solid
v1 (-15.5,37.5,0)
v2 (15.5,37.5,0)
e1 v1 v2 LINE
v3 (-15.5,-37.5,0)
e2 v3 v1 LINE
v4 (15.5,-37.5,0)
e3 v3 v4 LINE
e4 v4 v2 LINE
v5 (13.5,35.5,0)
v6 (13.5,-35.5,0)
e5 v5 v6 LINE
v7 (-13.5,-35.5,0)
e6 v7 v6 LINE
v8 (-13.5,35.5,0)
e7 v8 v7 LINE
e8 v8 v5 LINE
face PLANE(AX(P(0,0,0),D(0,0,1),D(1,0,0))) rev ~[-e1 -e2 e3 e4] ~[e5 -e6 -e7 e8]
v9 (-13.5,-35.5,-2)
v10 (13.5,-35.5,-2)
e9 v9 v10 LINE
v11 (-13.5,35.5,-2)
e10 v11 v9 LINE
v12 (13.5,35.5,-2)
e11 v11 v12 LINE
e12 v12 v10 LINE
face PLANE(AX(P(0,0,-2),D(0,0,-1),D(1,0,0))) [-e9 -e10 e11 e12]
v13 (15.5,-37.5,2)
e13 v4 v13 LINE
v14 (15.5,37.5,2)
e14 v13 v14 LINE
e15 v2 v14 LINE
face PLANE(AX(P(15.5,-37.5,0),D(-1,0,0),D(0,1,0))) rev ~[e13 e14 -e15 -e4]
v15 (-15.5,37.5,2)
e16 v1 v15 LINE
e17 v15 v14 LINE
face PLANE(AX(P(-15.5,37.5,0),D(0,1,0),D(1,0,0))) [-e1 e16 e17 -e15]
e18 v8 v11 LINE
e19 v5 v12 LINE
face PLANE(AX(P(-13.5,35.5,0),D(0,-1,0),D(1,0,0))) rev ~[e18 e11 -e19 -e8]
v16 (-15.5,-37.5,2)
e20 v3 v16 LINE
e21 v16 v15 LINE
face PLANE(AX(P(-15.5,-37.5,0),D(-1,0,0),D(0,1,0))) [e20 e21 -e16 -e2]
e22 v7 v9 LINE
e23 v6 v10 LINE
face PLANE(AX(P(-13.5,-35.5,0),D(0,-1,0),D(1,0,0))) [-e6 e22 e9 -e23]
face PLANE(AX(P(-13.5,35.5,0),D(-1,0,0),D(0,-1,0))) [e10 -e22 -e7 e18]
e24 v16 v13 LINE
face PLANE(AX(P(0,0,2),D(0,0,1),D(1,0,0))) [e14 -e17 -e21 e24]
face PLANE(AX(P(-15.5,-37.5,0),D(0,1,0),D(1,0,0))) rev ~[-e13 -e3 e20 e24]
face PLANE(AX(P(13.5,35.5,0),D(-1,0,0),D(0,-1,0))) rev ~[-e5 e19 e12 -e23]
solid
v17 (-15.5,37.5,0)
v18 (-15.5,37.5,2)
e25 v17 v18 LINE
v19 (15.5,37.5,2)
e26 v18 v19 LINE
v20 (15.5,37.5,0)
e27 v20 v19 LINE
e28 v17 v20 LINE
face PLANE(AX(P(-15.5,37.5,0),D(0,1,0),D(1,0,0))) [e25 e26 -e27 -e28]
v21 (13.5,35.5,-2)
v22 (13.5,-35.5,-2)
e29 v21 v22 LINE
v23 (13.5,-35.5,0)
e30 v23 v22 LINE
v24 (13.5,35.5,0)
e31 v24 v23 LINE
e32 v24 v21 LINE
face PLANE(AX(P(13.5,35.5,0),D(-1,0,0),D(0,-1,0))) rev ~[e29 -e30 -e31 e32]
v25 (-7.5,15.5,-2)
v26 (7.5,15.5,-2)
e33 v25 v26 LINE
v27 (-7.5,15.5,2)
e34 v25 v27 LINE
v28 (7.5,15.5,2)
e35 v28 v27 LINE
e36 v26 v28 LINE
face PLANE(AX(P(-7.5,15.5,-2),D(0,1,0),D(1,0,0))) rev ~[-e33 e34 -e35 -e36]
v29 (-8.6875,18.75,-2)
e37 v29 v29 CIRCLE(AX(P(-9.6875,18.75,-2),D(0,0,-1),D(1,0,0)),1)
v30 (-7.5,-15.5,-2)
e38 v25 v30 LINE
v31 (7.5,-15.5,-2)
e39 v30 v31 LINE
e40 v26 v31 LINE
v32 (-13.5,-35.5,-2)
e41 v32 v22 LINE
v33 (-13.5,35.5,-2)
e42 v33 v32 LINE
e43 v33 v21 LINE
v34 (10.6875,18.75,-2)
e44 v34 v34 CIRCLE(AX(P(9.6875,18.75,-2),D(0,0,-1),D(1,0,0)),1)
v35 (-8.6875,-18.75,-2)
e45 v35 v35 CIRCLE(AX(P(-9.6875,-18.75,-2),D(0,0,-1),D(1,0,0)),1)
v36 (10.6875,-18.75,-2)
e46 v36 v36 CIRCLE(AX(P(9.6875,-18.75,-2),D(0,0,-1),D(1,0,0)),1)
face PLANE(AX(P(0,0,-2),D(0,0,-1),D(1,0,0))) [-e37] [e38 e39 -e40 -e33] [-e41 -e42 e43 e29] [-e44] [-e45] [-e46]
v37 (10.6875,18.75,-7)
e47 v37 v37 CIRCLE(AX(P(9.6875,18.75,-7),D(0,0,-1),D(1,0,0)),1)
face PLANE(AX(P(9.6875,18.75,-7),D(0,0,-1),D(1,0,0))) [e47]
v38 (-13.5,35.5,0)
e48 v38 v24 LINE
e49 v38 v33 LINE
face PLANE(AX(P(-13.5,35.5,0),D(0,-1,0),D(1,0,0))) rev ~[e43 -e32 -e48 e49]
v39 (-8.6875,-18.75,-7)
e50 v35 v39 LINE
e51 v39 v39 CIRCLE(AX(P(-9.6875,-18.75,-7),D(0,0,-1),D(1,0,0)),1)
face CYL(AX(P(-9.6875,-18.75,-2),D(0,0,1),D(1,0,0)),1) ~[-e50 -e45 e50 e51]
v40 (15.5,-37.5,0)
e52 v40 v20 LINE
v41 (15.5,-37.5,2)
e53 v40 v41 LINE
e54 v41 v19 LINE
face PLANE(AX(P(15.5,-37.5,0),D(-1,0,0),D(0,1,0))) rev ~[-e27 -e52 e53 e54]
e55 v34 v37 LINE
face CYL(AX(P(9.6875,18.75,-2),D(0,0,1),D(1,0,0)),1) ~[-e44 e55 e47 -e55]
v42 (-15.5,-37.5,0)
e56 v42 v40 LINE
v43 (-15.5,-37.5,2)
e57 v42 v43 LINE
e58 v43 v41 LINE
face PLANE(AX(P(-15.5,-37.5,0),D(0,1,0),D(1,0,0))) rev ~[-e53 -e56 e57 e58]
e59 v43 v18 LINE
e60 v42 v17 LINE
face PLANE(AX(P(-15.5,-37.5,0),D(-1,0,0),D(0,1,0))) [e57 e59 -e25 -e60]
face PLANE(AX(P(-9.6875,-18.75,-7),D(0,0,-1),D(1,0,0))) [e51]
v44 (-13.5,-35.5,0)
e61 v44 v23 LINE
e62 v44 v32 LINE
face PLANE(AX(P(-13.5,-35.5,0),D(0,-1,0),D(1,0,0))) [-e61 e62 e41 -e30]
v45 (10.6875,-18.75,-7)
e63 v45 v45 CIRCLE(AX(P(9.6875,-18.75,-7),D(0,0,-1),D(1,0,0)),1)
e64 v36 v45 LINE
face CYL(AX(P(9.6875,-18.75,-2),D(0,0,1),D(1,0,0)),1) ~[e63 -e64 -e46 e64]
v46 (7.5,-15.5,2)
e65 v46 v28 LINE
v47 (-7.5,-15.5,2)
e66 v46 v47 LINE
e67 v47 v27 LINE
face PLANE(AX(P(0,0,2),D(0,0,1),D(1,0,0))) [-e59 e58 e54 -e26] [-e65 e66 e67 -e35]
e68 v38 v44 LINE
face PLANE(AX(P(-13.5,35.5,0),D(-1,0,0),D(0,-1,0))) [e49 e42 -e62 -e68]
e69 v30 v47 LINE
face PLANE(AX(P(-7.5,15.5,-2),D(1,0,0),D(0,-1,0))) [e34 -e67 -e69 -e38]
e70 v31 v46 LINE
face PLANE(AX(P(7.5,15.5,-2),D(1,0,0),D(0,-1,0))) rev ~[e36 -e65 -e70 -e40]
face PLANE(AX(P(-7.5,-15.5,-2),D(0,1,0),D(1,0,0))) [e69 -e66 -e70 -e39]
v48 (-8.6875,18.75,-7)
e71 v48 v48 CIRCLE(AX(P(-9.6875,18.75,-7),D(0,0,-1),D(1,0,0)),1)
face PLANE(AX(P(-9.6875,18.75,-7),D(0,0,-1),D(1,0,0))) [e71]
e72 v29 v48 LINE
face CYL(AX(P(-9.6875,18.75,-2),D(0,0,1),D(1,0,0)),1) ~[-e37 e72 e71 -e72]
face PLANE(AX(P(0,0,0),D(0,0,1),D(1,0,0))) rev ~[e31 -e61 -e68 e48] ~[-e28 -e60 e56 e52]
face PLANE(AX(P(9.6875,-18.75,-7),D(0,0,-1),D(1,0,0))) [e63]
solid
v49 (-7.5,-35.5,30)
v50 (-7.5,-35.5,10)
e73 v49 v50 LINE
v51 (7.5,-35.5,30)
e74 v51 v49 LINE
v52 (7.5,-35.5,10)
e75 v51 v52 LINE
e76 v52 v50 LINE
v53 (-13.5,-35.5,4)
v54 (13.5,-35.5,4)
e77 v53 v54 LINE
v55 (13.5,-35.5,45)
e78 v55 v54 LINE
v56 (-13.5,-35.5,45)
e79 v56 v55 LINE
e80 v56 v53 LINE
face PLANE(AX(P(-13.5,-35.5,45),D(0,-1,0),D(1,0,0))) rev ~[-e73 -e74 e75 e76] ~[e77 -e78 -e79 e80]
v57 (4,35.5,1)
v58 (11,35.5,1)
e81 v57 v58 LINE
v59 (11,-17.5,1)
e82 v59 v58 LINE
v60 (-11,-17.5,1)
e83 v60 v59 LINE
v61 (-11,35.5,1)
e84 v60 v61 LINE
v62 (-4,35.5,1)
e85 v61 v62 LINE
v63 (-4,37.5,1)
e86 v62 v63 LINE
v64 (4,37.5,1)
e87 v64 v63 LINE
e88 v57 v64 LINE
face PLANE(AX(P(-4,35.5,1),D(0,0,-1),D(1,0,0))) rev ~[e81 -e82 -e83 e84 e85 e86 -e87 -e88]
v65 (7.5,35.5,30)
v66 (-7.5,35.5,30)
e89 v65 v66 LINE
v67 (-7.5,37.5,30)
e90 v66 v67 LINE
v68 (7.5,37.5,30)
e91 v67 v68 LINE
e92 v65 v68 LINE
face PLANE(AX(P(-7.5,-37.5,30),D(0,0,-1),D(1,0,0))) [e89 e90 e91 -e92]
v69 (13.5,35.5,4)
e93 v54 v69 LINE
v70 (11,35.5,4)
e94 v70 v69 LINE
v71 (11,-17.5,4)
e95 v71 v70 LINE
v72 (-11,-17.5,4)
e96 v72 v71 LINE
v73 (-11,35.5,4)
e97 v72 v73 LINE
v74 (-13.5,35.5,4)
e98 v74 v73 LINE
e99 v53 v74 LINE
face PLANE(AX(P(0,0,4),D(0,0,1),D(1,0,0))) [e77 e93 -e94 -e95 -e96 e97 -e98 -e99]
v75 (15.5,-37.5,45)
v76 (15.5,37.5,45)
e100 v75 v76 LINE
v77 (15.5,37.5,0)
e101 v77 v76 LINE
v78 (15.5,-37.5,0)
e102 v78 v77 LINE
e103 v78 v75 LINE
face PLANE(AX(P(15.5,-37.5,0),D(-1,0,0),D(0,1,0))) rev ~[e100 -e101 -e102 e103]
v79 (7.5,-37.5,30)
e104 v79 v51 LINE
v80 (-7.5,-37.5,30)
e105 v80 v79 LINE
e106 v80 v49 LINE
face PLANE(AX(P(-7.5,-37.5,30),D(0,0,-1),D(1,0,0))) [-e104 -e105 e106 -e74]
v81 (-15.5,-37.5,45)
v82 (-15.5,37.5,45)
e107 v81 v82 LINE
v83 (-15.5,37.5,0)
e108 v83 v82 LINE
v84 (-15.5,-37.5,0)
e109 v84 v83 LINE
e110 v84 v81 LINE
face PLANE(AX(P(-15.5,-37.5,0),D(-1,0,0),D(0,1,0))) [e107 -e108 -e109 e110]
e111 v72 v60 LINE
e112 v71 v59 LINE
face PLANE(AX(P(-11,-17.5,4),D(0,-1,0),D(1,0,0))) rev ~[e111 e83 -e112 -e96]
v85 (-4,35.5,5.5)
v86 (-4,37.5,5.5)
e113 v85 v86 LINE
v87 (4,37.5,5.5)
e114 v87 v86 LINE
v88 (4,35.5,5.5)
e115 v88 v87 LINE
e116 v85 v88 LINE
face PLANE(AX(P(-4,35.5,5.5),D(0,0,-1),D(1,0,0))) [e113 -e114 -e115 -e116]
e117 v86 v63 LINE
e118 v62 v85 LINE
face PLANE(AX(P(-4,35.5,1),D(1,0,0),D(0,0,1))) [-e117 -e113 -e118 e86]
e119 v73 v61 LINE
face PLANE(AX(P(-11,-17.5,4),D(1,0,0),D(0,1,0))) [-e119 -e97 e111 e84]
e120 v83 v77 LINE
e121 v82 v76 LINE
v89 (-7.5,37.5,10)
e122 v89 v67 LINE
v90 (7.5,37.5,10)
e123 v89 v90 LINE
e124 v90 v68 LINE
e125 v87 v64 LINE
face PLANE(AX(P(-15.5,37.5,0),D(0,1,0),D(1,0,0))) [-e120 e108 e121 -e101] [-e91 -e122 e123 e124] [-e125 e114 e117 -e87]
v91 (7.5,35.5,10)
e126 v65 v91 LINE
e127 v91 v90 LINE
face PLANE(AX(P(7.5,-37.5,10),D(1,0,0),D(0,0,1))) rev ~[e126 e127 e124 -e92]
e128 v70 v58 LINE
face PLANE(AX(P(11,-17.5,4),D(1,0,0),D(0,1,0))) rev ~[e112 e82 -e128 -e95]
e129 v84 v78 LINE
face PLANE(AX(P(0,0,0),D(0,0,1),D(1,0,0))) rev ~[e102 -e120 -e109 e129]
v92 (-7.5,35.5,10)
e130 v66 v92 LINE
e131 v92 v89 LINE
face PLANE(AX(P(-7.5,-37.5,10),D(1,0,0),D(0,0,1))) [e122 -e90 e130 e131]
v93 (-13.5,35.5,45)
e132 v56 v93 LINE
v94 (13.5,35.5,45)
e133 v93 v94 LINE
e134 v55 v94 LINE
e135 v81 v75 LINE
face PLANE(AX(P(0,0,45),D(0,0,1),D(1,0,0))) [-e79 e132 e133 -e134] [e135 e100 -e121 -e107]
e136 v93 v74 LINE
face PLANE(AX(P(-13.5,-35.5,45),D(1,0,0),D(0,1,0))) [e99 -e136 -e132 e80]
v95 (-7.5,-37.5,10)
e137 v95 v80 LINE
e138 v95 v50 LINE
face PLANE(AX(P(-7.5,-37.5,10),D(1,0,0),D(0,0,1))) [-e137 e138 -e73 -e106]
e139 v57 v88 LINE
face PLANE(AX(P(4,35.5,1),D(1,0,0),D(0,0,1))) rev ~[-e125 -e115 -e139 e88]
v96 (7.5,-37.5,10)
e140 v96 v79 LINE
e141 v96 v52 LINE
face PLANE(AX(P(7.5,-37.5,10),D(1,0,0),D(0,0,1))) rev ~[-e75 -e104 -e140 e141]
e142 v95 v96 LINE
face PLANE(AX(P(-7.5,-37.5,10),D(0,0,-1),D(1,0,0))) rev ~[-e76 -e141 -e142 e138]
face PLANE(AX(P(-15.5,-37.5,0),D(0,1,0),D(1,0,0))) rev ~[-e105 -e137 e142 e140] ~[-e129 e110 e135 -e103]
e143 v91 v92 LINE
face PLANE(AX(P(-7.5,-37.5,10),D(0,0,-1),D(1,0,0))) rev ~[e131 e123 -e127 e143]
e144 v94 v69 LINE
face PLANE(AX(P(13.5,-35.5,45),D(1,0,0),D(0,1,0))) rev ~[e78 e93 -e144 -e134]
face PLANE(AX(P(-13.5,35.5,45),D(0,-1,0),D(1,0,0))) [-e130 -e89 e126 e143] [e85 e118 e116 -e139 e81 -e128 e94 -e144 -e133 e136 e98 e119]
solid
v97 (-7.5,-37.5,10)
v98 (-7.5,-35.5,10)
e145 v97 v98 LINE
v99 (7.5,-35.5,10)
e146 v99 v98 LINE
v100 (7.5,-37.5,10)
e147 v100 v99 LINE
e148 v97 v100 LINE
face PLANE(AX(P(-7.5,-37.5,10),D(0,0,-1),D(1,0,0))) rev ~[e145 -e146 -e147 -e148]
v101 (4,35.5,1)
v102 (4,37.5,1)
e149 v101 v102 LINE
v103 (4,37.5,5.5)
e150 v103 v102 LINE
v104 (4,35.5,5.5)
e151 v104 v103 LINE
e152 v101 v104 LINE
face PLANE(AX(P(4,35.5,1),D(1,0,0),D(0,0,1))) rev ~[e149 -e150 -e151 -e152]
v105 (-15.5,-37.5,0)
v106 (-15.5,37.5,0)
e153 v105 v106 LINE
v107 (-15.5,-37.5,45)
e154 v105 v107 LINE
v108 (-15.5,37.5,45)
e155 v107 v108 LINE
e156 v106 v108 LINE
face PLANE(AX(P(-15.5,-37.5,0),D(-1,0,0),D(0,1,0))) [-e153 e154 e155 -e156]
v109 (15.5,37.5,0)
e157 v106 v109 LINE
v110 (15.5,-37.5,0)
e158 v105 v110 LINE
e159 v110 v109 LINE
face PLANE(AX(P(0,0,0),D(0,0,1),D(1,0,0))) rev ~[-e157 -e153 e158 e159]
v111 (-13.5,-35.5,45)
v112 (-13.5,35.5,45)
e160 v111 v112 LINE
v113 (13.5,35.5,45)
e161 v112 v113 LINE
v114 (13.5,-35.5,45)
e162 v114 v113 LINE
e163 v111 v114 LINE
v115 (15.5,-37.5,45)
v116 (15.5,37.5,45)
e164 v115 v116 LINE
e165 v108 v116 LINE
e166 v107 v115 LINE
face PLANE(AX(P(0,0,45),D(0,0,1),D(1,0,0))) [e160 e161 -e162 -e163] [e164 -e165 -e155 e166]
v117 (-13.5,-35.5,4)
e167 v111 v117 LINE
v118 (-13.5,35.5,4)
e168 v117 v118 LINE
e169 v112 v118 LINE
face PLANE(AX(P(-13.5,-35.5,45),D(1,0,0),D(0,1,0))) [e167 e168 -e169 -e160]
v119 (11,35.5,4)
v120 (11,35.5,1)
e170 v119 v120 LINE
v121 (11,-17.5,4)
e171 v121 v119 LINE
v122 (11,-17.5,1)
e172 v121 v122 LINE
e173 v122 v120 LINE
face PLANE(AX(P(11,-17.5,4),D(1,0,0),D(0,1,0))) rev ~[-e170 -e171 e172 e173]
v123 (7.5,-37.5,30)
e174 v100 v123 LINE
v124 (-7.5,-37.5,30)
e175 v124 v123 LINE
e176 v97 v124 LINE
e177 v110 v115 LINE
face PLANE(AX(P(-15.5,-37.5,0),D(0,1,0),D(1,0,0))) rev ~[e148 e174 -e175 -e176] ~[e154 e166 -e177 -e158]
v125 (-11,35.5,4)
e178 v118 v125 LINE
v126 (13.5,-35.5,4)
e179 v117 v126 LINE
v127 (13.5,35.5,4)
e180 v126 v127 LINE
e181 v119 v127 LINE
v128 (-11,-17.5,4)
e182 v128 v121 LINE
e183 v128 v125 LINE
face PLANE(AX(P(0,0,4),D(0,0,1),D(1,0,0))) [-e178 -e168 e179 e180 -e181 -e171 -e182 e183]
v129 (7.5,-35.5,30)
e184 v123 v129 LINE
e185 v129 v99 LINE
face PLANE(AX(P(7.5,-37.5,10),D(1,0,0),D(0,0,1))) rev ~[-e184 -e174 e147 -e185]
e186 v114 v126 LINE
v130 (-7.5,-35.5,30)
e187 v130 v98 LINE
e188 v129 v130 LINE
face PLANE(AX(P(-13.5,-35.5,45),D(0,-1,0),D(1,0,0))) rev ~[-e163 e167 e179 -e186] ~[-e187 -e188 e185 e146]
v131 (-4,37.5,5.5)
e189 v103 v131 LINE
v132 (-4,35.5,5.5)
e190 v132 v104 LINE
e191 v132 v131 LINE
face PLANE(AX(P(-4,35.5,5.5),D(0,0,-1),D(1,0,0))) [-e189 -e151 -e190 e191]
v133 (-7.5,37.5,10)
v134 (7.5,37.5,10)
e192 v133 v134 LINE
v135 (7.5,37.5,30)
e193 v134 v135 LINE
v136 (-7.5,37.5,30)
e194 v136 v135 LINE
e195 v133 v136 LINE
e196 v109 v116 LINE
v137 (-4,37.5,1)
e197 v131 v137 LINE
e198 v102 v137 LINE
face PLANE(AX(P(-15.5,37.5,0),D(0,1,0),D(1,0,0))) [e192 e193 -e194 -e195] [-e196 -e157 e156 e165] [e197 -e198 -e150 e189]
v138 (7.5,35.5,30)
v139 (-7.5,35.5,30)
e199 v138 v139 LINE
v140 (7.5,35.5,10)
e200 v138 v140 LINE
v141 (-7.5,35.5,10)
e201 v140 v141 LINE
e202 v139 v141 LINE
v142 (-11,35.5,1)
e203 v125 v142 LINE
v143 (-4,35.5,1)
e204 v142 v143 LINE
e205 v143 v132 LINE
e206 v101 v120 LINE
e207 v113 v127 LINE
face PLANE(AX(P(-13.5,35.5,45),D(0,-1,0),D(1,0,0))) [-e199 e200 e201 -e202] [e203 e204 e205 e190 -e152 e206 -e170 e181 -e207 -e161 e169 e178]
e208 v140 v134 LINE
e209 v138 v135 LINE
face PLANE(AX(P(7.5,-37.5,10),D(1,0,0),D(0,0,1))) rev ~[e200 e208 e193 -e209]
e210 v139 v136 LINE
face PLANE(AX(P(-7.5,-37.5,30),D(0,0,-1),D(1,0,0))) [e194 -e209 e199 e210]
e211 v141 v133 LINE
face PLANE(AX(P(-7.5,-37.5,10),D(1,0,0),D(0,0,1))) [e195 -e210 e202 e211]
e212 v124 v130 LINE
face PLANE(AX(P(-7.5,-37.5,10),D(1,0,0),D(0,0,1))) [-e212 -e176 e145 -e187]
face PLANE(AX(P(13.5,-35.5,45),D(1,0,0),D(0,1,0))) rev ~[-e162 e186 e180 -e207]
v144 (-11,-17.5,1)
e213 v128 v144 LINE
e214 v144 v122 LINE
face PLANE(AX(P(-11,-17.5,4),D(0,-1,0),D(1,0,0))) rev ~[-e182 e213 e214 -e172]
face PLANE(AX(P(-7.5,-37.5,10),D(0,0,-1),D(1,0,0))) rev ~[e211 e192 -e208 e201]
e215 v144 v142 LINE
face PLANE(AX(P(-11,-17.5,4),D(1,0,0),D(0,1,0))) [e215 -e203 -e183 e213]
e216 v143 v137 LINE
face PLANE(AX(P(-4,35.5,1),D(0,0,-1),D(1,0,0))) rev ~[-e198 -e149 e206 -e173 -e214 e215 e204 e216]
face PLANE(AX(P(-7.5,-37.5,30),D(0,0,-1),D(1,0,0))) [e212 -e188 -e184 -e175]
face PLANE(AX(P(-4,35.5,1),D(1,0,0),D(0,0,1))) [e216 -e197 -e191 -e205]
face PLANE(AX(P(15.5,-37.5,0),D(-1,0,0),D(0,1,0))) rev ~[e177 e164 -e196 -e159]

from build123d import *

# Parameters (mm, degrees)
SKETCH_W        = 31
SKETCH_H        = 75
PAD_DEPTH       = 45
SKETCH001_W     = 15
SKETCH001_H     = 20
POCKET_DEPTH    = 75
SKETCH002_W     = 27
SKETCH002_H     = 71
POCKET001_DEPTH = 41
SKETCH003_W     = 22
SKETCH003_H     = 53
POCKET002_DEPTH = 3
SKETCH004_W     = 8
SKETCH004_H     = 4.5
POCKET003_DEPTH = 5
SKETCH005_W     = 31
SKETCH005_H     = 75
PAD001_DEPTH    = 2
SKETCH006_W     = 27
SKETCH006_H     = 71
PAD002_DEPTH    = 2
SKETCH007_W     = 15
SKETCH007_H     = 31
POCKET004_DEPTH = 5
SKETCH008_R     = 1
PAD003_DEPTH    = 5
SKETCH009_W     = 31
SKETCH009_H     = 75
PAD004_DEPTH    = 45
SKETCH010_W     = 15
SKETCH010_H     = 20
POCKET005_DEPTH = 75
SKETCH011_W     = 27
SKETCH011_H     = 71
POCKET006_DEPTH = 41
SKETCH012_W     = 22
SKETCH012_H     = 53
POCKET007_DEPTH = 3
SKETCH013_W     = 8
SKETCH013_H     = 4.5
POCKET008_DEPTH = 5
SKETCH014_W     = 31
SKETCH014_H     = 75
PAD005_DEPTH    = 2
SKETCH015_W     = 27
SKETCH015_H     = 71
PAD006_DEPTH    = 2


with BuildPart() as body:
    # Sketch → Pad (new body)
    with BuildSketch(Plane.XY):
        Rectangle(SKETCH_W, SKETCH_H)
    extrude(amount=PAD_DEPTH)

    # Sketch001 (on Face3 of Pad) → Pocket (cut)
    with BuildSketch(Plane.XZ.offset(37.5)):
        with Locations((0, 20)):
            Rectangle(SKETCH001_W, SKETCH001_H)
    extrude(amount=-POCKET_DEPTH, mode=Mode.SUBTRACT)

    # Sketch002 (on Face4 of Pocket) → Pocket001 (cut)
    with BuildSketch(Plane.XY.offset(45)):
        Rectangle(SKETCH002_W, SKETCH002_H)
    extrude(amount=-POCKET001_DEPTH, mode=Mode.SUBTRACT)

    # Sketch003 (on Face19 of Pocket001) → Pocket002 (cut)
    with BuildSketch(Plane.XY.offset(4)):
        with Locations((0, 9)):
            Rectangle(SKETCH003_W, SKETCH003_H)
    extrude(amount=-POCKET002_DEPTH, mode=Mode.SUBTRACT)

    # Sketch004 (on Face14 of Pocket002) → Pocket003 (cut)
    with BuildSketch(Plane.XZ.offset(-35.5)):
        with Locations((0, 3.25)):
            Rectangle(SKETCH004_W, SKETCH004_H)
    extrude(amount=-POCKET003_DEPTH, mode=Mode.SUBTRACT)


with BuildPart() as display_lid:
    # Sketch005 → Pad001 (new body)
    with BuildSketch(Plane.XY):
        Rectangle(SKETCH005_W, SKETCH005_H)
    extrude(amount=PAD001_DEPTH)

    # Sketch006 (on Face5 of Pad001) → Pad002 (join)
    with BuildSketch(Plane(origin=(0, 0, 0), x_dir=(1, 0, 0), z_dir=(0, 0, -1))):
        Rectangle(SKETCH006_W, SKETCH006_H)
    extrude(amount=PAD002_DEPTH)

    # Sketch007 (on Face11 of Pad002) → Pocket004 (cut)
    with BuildSketch(Plane(origin=(0, 0, -2), x_dir=(1, 0, 0), z_dir=(0, 0, -1))):
        Rectangle(SKETCH007_W, SKETCH007_H)
    extrude(amount=-POCKET004_DEPTH, mode=Mode.SUBTRACT)

    # Sketch008 (on Face15 of Pocket004) → Pad003 (join)
    with BuildSketch(Plane(origin=(0, 0, -2), x_dir=(1, 0, 0), z_dir=(0, 0, -1))):
        with Locations((-9.6875, 18.75)):
            Circle(SKETCH008_R)
        with Locations((9.6875, 18.75)):
            Circle(SKETCH008_R)
        with Locations((9.6875, -18.75)):
            Circle(SKETCH008_R)
        with Locations((-9.6875, -18.75)):
            Circle(SKETCH008_R)
    extrude(amount=PAD003_DEPTH)


with BuildPart() as body002:
    # Sketch009 → Pad004 (new body)
    with BuildSketch(Plane.XY):
        Rectangle(SKETCH009_W, SKETCH009_H)
    extrude(amount=PAD004_DEPTH)

    # Sketch010 (on Face3 of Pad004) → Pocket005 (cut)
    with BuildSketch(Plane.XZ.offset(37.5)):
        with Locations((0, 20)):
            Rectangle(SKETCH010_W, SKETCH010_H)
    extrude(amount=-POCKET005_DEPTH, mode=Mode.SUBTRACT)

    # Sketch011 (on Face4 of Pocket005) → Pocket006 (cut)
    with BuildSketch(Plane.XY.offset(45)):
        Rectangle(SKETCH011_W, SKETCH011_H)
    extrude(amount=-POCKET006_DEPTH, mode=Mode.SUBTRACT)

    # Sketch012 (on Face19 of Pocket006) → Pocket007 (cut)
    with BuildSketch(Plane.XY.offset(4)):
        with Locations((0, 9)):
            Rectangle(SKETCH012_W, SKETCH012_H)
    extrude(amount=-POCKET007_DEPTH, mode=Mode.SUBTRACT)

    # Sketch013 (on Face14 of Pocket007) → Pocket008 (cut)
    with BuildSketch(Plane.XZ.offset(-35.5)):
        with Locations((0, 3.25)):
            Rectangle(SKETCH013_W, SKETCH013_H)
    extrude(amount=-POCKET008_DEPTH, mode=Mode.SUBTRACT)


with BuildPart() as solid_lid:
    # Sketch014 → Pad005 (new body)
    with BuildSketch(Plane.XY):
        Rectangle(SKETCH014_W, SKETCH014_H)
    extrude(amount=PAD005_DEPTH)

    # Sketch015 (on Face5 of Pad005) → Pad006 (join)
    with BuildSketch(Plane(origin=(0, 0, 0), x_dir=(1, 0, 0), z_dir=(0, 0, -1))):
        Rectangle(SKETCH015_W, SKETCH015_H)
    extrude(amount=PAD006_DEPTH)


solid = Compound([body.part, display_lid.part, body002.part, solid_lid.part])
